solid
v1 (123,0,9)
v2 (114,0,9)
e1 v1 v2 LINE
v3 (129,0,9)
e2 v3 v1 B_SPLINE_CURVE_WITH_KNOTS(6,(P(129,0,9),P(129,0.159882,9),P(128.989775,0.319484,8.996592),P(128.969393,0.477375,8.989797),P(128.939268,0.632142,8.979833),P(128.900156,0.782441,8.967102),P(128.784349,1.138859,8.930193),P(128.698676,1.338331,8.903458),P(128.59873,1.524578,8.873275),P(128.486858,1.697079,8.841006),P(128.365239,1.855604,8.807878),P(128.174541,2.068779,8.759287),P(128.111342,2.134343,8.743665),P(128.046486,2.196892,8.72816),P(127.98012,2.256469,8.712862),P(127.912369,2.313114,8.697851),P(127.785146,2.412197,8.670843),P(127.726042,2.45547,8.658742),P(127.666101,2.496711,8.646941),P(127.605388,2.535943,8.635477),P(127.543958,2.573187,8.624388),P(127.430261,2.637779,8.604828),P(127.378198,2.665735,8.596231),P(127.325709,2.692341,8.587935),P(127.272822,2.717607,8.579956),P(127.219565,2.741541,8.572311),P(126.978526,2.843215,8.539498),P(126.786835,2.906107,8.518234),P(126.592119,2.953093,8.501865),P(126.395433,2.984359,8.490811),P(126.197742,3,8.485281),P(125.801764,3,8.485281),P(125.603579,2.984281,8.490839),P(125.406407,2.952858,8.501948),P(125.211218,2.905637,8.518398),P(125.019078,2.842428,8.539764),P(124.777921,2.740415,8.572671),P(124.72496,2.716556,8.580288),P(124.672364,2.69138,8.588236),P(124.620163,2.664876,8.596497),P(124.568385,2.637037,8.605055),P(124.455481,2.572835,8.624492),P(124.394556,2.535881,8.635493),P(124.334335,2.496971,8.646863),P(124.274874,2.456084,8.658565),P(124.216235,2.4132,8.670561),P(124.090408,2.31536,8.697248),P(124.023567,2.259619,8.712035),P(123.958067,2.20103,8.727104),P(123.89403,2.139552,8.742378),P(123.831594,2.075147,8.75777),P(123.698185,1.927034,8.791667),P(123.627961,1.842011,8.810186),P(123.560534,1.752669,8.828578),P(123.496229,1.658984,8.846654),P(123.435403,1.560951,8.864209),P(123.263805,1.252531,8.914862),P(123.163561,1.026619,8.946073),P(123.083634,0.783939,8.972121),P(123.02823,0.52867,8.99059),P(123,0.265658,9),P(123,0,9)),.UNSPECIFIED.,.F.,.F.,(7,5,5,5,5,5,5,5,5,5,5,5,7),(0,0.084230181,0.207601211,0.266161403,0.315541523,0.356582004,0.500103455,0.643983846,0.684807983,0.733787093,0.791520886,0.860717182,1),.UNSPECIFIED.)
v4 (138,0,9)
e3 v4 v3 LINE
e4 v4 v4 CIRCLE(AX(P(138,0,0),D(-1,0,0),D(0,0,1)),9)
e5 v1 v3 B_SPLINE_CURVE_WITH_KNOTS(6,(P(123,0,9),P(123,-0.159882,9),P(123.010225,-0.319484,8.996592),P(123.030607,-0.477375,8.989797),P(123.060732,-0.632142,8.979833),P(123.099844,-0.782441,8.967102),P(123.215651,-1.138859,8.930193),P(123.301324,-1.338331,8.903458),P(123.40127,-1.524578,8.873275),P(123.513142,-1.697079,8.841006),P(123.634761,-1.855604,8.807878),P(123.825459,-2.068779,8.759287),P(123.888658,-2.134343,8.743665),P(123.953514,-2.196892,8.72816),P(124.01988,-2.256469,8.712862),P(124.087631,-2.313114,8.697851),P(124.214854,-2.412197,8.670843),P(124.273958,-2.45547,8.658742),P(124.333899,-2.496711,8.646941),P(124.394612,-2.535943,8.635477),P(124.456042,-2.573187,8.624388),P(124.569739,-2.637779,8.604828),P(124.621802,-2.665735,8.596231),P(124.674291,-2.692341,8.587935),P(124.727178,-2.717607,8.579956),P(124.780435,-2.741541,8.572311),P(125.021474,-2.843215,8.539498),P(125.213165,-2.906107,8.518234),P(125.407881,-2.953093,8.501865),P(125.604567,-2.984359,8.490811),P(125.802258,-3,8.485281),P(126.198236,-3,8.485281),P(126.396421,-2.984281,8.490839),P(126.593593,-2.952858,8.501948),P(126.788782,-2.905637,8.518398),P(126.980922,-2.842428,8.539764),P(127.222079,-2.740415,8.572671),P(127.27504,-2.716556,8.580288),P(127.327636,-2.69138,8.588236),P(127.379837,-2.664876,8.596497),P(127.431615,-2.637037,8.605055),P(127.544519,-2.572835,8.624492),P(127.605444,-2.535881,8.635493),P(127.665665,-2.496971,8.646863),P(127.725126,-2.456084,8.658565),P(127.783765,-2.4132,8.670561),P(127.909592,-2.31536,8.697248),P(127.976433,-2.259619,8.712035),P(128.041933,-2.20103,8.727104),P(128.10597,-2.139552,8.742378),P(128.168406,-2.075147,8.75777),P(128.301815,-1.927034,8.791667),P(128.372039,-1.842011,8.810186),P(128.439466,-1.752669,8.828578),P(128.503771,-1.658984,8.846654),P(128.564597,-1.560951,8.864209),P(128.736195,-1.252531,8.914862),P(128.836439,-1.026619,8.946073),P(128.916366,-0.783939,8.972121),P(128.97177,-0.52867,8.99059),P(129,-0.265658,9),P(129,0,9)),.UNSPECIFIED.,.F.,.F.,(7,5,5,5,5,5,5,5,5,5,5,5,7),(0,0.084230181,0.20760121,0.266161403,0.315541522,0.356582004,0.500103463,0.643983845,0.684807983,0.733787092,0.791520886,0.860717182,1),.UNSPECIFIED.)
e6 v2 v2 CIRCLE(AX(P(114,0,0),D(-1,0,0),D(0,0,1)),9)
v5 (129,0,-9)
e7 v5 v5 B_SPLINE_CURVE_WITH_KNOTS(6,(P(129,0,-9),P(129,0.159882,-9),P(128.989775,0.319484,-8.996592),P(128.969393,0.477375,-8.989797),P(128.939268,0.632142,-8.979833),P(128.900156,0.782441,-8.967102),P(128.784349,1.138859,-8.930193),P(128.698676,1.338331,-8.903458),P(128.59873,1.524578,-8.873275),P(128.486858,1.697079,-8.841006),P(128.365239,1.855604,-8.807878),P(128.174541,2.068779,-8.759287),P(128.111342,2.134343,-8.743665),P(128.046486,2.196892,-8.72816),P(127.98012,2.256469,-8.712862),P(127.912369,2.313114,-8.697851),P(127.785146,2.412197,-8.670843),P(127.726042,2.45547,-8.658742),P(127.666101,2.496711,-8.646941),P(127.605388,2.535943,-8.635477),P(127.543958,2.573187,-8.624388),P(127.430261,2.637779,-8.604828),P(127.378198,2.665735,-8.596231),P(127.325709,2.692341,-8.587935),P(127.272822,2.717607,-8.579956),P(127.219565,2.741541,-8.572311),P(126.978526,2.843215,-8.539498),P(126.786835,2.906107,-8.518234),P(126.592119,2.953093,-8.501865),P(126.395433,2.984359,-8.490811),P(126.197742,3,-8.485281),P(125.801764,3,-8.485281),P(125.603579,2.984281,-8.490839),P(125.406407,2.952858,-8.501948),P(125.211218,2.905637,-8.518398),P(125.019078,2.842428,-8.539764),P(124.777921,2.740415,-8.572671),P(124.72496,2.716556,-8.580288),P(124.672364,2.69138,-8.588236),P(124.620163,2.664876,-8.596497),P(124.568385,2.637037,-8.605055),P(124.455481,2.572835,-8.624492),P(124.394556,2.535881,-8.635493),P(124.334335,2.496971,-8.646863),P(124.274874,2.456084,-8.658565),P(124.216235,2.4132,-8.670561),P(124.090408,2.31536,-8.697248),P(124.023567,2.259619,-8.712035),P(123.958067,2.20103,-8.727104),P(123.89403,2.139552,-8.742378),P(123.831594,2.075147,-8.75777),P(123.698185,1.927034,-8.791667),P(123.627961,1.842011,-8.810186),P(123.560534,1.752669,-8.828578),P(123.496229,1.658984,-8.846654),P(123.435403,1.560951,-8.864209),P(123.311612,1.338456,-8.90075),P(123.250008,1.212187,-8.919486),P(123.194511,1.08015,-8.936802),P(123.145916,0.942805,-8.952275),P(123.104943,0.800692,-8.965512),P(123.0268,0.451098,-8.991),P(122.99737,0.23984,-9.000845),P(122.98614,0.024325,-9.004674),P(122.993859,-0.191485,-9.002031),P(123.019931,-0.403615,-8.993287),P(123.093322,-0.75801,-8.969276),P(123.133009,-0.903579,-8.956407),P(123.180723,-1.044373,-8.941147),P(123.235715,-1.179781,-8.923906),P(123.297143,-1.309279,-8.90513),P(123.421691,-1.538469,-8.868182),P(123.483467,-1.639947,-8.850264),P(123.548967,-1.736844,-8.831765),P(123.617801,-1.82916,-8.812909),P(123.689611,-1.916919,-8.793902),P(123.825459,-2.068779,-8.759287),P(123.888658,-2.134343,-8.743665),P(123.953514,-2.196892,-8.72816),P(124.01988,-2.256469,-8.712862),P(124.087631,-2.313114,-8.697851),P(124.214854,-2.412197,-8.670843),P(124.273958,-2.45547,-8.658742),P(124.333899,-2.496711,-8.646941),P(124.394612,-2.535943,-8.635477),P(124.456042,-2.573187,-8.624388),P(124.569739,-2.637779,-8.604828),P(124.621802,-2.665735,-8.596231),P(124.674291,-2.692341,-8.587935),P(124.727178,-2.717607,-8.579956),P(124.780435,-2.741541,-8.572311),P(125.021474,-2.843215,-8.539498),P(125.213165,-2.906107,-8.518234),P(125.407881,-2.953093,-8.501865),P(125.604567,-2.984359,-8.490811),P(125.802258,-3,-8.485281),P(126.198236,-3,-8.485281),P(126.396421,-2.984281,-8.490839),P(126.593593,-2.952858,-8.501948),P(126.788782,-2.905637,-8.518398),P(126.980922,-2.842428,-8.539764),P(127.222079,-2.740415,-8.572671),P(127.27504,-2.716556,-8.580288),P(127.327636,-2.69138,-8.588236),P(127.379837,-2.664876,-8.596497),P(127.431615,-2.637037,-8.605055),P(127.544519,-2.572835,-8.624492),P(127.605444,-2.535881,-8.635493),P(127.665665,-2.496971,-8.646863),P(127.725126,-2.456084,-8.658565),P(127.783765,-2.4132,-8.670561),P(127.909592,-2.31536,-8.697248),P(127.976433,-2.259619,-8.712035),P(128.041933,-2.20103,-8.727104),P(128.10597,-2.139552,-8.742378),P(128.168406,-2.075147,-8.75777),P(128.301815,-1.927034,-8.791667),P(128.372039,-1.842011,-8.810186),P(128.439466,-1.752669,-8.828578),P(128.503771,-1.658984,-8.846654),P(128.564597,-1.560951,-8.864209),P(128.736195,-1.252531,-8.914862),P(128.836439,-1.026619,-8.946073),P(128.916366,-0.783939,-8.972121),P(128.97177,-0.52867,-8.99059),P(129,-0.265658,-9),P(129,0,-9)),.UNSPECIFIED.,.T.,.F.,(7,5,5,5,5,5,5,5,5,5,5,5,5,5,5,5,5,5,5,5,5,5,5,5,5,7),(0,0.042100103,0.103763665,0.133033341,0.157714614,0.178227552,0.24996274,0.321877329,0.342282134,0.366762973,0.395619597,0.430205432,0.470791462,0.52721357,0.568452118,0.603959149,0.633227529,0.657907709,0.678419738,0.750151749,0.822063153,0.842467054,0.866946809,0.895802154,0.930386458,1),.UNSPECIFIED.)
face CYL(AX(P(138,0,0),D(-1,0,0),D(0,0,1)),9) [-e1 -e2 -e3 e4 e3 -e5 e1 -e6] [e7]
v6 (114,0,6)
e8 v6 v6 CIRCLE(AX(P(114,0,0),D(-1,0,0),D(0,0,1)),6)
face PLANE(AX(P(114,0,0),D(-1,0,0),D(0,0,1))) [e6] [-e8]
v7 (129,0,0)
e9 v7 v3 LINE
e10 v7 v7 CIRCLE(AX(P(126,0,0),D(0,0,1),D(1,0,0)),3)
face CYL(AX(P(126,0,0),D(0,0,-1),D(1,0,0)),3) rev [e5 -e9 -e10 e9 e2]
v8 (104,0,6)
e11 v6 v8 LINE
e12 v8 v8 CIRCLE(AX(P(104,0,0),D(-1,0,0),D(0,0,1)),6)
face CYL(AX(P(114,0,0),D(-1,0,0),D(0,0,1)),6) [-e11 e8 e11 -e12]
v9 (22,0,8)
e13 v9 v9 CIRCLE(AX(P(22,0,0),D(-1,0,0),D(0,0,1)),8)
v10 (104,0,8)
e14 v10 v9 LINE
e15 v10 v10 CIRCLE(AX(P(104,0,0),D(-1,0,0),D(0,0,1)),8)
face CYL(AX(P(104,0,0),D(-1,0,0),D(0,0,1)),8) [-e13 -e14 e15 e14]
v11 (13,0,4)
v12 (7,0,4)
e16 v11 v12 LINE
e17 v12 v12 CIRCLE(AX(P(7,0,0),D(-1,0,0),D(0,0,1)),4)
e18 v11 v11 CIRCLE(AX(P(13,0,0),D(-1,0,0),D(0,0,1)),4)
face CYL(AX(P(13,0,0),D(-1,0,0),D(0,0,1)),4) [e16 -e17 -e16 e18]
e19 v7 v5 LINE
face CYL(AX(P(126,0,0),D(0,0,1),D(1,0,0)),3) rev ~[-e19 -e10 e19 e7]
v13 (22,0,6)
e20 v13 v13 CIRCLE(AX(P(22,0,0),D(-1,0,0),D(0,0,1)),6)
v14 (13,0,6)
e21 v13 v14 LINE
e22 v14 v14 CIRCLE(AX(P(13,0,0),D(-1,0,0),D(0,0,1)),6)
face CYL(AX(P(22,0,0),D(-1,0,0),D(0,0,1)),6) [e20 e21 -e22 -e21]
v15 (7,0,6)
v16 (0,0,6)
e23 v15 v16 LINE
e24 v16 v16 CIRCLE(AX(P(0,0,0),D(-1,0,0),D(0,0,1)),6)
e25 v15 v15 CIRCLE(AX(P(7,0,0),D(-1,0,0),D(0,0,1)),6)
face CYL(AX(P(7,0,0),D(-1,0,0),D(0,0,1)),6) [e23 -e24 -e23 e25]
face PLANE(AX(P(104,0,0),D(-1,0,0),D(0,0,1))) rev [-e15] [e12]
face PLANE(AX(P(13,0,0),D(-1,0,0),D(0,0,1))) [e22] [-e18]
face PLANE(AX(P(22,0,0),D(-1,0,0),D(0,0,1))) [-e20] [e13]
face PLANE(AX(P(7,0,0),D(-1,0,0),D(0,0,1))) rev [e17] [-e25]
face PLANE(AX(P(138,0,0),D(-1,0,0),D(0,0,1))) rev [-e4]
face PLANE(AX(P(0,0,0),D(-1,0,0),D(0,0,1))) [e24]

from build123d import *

# Parameters (mm, degrees)
F2_R          = 3
F3_DEPTH      = 9.001
F3_DEPTH_BACK = 9.001


with BuildPart() as f1:
    # F0 (on Front) → F1 (revolve)
    with BuildSketch(Plane.XZ):
        Polygon((0, 6), (0, 0), (138, 0), (138, 9), (114, 9), (114, 6), (104, 6), (104, 8), (22, 8), (22, 6), (13, 6), (13, 4), (7, 4), (7, 6), align=None)
    revolve(axis=Axis((69, 0, 0), (-1, 0, 0)))

    # F2 (on Top) → F3 (cut, two sides)
    with BuildSketch(Plane.XY) as f3_sk:
        with Locations((126, 0)):
            Circle(F2_R)
    extrude(amount=-F3_DEPTH, mode=Mode.SUBTRACT)
    extrude(f3_sk.sketch, amount=F3_DEPTH_BACK, mode=Mode.SUBTRACT)


solid = f1.part
